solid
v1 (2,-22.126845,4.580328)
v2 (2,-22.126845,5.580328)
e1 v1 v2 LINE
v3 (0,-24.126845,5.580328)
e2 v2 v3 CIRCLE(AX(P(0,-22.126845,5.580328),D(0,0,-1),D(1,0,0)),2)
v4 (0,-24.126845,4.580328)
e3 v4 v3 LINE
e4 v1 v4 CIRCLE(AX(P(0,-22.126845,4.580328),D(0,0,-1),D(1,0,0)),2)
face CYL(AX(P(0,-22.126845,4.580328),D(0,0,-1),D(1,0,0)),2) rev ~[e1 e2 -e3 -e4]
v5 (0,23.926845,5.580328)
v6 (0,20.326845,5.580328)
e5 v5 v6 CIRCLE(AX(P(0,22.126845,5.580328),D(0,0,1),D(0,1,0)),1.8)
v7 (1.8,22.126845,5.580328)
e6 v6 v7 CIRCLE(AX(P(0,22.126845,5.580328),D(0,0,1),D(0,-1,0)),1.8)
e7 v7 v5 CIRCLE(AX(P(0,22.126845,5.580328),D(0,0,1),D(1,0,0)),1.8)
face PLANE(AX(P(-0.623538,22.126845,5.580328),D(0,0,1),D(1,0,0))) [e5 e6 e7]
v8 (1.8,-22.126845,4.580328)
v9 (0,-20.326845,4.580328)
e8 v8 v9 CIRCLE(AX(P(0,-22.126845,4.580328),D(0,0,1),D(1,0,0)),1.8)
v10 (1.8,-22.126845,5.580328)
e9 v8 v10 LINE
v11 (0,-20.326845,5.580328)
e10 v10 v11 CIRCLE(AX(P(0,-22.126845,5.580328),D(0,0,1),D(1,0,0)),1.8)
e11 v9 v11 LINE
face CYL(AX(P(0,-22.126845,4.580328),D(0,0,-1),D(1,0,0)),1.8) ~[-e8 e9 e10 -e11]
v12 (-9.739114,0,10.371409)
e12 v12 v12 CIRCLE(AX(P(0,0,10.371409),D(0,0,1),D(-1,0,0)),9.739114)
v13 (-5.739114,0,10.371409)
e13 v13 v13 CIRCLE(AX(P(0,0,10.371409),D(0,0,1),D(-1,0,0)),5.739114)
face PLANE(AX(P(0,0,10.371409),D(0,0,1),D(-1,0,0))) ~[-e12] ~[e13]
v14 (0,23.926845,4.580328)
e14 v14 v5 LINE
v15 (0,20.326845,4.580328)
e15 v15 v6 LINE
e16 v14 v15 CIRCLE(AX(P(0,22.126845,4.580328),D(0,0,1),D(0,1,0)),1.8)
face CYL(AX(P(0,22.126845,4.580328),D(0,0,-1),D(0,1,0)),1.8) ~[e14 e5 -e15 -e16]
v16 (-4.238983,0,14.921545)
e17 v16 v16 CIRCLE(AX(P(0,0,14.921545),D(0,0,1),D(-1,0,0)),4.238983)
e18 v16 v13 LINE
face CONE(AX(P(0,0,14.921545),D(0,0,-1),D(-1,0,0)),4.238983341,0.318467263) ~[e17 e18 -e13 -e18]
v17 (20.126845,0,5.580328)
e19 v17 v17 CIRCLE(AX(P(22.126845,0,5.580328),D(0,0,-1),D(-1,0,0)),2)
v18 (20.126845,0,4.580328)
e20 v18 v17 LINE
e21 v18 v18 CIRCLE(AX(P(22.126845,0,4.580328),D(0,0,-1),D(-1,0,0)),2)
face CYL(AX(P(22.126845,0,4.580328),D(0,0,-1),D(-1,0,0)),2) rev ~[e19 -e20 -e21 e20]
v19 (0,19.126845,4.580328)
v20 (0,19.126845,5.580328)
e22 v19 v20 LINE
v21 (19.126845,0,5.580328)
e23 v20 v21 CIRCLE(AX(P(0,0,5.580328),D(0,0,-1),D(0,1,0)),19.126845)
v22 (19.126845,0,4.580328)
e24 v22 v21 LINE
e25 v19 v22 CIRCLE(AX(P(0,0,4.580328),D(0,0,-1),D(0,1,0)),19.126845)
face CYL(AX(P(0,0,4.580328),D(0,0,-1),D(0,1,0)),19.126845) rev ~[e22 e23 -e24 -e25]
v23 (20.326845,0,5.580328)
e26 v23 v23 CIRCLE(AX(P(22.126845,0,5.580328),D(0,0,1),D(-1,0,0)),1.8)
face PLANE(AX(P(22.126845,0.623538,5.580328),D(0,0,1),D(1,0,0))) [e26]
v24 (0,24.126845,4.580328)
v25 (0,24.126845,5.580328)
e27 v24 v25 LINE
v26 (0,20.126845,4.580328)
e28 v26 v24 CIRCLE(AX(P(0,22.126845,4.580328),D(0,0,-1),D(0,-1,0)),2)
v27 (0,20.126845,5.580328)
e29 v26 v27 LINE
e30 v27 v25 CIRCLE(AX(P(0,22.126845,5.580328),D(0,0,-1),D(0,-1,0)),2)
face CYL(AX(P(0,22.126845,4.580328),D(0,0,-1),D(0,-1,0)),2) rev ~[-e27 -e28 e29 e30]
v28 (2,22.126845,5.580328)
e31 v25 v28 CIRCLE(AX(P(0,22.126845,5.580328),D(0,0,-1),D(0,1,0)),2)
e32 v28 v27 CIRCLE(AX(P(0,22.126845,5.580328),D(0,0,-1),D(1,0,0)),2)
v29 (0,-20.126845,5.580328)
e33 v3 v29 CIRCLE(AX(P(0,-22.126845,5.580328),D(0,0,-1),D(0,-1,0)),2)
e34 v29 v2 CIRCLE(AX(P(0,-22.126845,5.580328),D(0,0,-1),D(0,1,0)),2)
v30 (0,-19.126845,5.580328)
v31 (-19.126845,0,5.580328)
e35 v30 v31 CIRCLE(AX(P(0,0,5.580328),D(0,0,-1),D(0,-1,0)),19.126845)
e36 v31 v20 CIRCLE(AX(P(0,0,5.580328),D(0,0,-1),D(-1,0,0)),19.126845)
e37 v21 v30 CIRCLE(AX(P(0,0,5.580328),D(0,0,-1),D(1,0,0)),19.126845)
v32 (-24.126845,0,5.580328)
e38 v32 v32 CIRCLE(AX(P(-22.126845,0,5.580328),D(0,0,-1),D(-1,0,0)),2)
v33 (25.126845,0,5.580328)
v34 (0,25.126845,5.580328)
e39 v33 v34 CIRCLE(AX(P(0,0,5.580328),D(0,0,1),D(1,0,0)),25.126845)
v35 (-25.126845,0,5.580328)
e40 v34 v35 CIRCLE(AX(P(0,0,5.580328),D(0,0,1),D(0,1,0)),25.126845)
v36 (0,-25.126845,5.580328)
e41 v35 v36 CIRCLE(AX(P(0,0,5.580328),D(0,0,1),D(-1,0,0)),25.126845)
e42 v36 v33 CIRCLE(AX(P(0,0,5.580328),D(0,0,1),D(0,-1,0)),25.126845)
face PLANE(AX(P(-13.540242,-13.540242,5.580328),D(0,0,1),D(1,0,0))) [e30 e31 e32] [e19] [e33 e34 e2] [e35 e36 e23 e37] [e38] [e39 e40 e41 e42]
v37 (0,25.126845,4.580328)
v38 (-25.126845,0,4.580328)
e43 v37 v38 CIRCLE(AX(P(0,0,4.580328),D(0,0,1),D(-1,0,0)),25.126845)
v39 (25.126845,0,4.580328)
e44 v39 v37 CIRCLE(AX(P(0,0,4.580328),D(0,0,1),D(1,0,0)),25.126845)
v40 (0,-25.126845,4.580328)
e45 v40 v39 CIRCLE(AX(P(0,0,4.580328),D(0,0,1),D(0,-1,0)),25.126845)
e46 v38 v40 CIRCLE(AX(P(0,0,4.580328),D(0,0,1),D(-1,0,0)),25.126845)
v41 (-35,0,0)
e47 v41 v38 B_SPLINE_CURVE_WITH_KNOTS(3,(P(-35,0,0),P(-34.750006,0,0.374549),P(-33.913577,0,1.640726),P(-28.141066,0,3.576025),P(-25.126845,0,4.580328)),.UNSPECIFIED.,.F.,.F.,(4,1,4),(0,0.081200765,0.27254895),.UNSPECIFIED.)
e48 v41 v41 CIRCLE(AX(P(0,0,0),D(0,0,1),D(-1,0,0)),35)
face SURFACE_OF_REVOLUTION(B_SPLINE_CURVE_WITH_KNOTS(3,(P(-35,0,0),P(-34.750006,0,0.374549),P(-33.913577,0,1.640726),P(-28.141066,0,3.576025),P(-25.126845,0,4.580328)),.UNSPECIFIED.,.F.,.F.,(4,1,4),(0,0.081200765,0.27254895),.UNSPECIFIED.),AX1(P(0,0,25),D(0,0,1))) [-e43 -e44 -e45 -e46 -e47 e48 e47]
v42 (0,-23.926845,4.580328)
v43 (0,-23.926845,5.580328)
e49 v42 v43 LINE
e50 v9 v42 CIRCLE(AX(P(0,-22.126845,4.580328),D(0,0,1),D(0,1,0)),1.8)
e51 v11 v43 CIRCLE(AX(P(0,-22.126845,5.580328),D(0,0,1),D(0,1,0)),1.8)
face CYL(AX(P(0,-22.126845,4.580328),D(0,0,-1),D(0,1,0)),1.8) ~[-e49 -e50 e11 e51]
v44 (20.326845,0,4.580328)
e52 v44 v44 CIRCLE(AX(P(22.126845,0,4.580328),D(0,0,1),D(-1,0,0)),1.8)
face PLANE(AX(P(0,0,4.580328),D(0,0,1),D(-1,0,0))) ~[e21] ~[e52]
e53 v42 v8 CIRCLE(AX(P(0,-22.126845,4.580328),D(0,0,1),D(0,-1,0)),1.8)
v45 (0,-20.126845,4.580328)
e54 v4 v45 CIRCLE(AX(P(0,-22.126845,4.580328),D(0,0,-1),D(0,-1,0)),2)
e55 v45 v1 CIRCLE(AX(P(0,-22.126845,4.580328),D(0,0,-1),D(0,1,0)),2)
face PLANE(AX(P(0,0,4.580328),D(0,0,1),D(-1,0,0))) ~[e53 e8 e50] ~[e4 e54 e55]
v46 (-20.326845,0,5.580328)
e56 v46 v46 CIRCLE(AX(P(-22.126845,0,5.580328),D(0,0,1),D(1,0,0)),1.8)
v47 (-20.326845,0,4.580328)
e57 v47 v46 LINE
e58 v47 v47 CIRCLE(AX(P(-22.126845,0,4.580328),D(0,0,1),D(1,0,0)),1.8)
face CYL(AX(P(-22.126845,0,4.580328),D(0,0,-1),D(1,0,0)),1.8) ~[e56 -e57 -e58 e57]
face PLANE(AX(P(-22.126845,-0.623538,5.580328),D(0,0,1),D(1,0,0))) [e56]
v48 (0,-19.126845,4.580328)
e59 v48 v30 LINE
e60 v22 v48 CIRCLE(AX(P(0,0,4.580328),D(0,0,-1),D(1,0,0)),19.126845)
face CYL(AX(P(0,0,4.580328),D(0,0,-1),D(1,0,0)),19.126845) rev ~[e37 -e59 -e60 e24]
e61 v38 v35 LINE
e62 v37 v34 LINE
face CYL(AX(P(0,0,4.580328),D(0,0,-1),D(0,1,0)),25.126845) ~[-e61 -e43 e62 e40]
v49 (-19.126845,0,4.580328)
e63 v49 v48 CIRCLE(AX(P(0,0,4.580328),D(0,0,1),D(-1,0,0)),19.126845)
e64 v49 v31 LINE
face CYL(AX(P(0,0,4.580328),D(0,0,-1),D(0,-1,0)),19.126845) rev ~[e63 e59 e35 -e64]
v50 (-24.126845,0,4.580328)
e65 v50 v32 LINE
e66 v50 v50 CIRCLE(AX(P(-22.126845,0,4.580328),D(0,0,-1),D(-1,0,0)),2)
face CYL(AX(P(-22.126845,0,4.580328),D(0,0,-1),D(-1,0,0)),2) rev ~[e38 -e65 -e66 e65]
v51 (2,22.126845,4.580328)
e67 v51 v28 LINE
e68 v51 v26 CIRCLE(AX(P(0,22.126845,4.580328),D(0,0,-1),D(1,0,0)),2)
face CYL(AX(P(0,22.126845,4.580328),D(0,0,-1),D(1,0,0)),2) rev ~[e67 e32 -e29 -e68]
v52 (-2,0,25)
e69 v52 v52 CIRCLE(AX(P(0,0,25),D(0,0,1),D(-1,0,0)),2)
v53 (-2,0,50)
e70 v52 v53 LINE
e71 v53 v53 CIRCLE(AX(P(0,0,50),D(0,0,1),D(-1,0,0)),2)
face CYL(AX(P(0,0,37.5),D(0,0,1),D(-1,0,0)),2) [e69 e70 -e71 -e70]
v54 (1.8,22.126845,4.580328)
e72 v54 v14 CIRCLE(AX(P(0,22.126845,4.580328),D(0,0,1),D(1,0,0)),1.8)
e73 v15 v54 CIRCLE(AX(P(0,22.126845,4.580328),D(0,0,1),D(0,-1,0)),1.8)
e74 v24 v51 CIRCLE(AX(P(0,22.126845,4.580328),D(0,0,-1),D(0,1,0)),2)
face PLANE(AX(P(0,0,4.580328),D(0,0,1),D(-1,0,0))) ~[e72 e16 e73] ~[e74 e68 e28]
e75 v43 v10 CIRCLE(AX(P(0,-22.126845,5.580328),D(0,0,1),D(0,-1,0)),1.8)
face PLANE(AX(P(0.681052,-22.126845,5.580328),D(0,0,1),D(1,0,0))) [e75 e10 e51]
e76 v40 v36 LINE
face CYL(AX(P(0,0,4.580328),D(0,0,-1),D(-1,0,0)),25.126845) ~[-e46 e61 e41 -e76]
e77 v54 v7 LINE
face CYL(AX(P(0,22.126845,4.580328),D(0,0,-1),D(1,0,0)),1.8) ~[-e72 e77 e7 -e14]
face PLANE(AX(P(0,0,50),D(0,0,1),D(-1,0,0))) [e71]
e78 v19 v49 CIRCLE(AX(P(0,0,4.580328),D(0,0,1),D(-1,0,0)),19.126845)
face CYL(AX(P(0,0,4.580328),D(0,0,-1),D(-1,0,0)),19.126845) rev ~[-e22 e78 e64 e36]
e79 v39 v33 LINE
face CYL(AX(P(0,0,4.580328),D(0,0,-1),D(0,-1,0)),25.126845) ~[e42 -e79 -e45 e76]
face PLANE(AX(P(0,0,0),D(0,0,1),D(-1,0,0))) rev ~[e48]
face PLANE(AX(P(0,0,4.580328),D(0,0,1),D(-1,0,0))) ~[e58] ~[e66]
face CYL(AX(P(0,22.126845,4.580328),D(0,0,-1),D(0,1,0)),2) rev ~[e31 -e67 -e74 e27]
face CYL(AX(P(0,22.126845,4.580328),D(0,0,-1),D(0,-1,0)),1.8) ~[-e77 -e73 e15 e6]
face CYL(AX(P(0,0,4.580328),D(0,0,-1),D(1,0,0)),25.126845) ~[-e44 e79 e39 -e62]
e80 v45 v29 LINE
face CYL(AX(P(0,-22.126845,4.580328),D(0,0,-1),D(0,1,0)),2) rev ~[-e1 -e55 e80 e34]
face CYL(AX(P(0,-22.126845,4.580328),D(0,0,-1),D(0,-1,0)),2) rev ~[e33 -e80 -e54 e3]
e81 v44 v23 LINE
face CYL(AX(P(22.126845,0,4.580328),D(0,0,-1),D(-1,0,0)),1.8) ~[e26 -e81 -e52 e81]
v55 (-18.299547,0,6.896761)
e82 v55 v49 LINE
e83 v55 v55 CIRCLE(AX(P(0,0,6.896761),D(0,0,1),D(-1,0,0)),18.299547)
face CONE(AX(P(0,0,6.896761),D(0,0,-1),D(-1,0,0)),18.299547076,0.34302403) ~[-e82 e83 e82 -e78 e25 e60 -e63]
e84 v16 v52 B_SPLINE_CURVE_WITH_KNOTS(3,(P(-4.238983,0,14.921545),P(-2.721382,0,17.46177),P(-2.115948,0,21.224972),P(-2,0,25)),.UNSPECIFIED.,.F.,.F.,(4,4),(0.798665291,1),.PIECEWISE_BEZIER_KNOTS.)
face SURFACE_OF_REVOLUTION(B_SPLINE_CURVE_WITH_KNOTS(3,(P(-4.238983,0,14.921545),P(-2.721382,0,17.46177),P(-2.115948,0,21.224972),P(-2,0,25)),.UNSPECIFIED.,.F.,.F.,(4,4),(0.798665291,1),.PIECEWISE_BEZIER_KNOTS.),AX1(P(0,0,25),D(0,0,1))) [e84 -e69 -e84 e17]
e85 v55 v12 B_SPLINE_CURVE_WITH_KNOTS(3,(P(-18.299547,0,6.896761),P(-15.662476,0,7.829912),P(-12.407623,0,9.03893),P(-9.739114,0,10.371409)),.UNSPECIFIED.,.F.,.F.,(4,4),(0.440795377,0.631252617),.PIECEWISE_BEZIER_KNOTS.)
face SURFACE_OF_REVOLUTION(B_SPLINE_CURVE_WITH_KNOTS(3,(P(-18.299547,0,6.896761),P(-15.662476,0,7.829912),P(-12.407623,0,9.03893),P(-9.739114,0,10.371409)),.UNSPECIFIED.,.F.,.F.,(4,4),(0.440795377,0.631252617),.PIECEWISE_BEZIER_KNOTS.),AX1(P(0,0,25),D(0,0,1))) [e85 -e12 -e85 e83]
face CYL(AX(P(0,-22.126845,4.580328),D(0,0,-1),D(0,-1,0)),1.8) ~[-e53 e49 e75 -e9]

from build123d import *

# Parameters (mm, degrees)
F0_W     = 2
F0_H     = 25
F3_DEPTH = 1


with BuildPart() as f1:
    # F0 (on Front) → F1 (revolve)
    with BuildSketch(Plane.XZ):
        with Locations((-1, 37.5)):
            Rectangle(F0_W, F0_H)
        with BuildLine():
            Line((-35, 0), (0, 0))
            Line((0, 0), (0, 10.5737017095))
            Line((0, 10.5737017095), (0, 25))
            Line((0, 25), (-2, 25))
            add(Edge.make_bspline(
                [(-4.2389833406, 14.921545051), (-2.7213822888, 17.4617699874), (-2.1159480248, 21.2249717388), (-2, 25)],
                knots=[0.7986652912, 0.7986652912, 0.7986652912, 0.7986652912, 1, 1, 1, 1], degree=3))
            Line((-4.2389833406, 14.921545051), (-5.7391139716, 10.3714093566))
            Line((-5.7391139716, 10.3714093566), (-9.7391139716, 10.3714093566))
            add(Edge.make_bspline(
                [(-18.2995470762, 6.8967607804), (-15.6624755287, 7.8299118078), (-12.4076232251, 9.0389296488), (-9.7391139716, 10.3714093566)],
                knots=[0.4407953766, 0.4407953766, 0.4407953766, 0.4407953766, 0.631252617, 0.631252617, 0.631252617, 0.631252617], degree=3))
            Line((-18.2995470762, 6.8967607804), (-19.1268446445, 4.580328241))
            Line((-19.1268446445, 4.580328241), (-25.1268446445, 4.580328241))
            add(Edge.make_bspline(
                [(-35, 0), (-34.7500057807, 0.3745488164), (-33.9135771271, 1.6407259634), (-28.1410659842, 3.5760253325), (-25.1268446445, 4.580328241)],
                knots=[0, 0, 0, 0, 0.0812007646, 0.2725489504, 0.2725489504, 0.2725489504, 0.2725489504], degree=3))
        make_face()
    revolve(axis=Axis((0, 0, 25), (0, 0, 1)))

    # F2 (on face) → F3 (join)
    with BuildSketch(Plane.XY.offset(4.580328241)):
        with BuildLine():
            Line((0, -20.1268446445), (0, -19.1268446445))
            ThreePointArc((0, -19.1268446445), (-13.5247215509, -13.5247215509), (-19.1268446445, 0))
            Line((-19.1268446445, 0), (-20.1268446445, 0))
            ThreePointArc((-20.1268446445, 0), (-22.1268446445, -2), (-24.1268446445, 0))
            Line((-24.1268446445, 0), (-25.1268446445, 0))
            ThreePointArc((-25.1268446445, 0), (-17.767362238, -17.767362238), (0, -25.1268446445))
            Line((0, -25.1268446445), (0, -24.1268446445))
            ThreePointArc((0, -24.1268446445), (-2, -22.1268446445), (0, -20.1268446445))
        make_face()
        with BuildLine():
            ThreePointArc((19.1268446445, 0), (13.5247215509, -13.5247215509), (0, -19.1268446445))
            Line((0, -19.1268446445), (0, -20.1268446445))
            ThreePointArc((0, -20.1268446445), (1.4142135624, -20.7126310822), (2, -22.1268446445))
            ThreePointArc((2, -22.1268446445), (1.4142135624, -23.5410582069), (0, -24.1268446445))
            Line((0, -24.1268446445), (0, -25.1268446445))
            ThreePointArc((0, -25.1268446445), (17.767362238, -17.767362238), (25.1268446445, 0))
            Line((25.1268446445, 0), (24.1268446445, 0))
            ThreePointArc((24.1268446445, 0), (22.1268446445, -2), (20.1268446445, 0))
            Line((20.1268446445, 0), (19.1268446445, 0))
        make_face()
        with BuildLine():
            ThreePointArc((0, 19.1268446445), (13.5247215509, 13.5247215509), (19.1268446445, 0))
            Line((19.1268446445, 0), (20.1268446445, 0))
            ThreePointArc((20.1268446445, 0), (22.1268446445, 2), (24.1268446445, 0))
            Line((24.1268446445, 0), (25.1268446445, 0))
            ThreePointArc((25.1268446445, 0), (17.767362238, 17.767362238), (0, 25.1268446445))
            Line((0, 25.1268446445), (0, 24.1268446445))
            ThreePointArc((0, 24.1268446445), (1.4142135624, 23.5410582069), (2, 22.1268446445))
            ThreePointArc((2, 22.1268446445), (1.4142135624, 20.7126310822), (0, 20.1268446445))
            Line((0, 20.1268446445), (0, 19.1268446445))
        make_face()
        with BuildLine():
            Line((-20.1268446445, 0), (-19.1268446445, 0))
            ThreePointArc((-19.1268446445, 0), (-13.5247215509, 13.5247215509), (0, 19.1268446445))
            Line((0, 19.1268446445), (0, 20.1268446445))
            ThreePointArc((0, 20.1268446445), (-2, 22.1268446445), (0, 24.1268446445))
            Line((0, 24.1268446445), (0, 25.1268446445))
            ThreePointArc((0, 25.1268446445), (-17.767362238, 17.767362238), (-25.1268446445, 0))
            Line((-25.1268446445, 0), (-24.1268446445, 0))
            ThreePointArc((-24.1268446445, 0), (-22.1268446445, 2), (-20.1268446445, 0))
        make_face()
        with BuildLine():
            ThreePointArc((1.8, -22.1268446445), (1.2727922061, -20.8540524384), (0, -20.3268446445))
            Line((0, -20.3268446445), (0, -23.9268446445))
            ThreePointArc((0, -23.9268446445), (1.2727922061, -23.3996368507), (1.8, -22.1268446445))
        make_face()
        with BuildLine():
            Line((0, -23.9268446445), (0, -20.3268446445))
            ThreePointArc((0, -20.3268446445), (-1.8, -22.1268446445), (0, -23.9268446445))
        make_face()
        with BuildLine():
            ThreePointArc((-23.9268446445, 0), (-22.1268446445, -1.8), (-20.3268446445, 0))
            Line((-20.3268446445, 0), (-23.9268446445, 0))
        make_face()
        with BuildLine():
            Line((-23.9268446445, 0), (-20.3268446445, 0))
            ThreePointArc((-20.3268446445, 0), (-22.1268446445, 1.8), (-23.9268446445, 0))
        make_face()
        with BuildLine():
            ThreePointArc((23.9268446445, 0), (22.1268446445, 1.8), (20.3268446445, 0))
            Line((20.3268446445, 0), (23.9268446445, 0))
        make_face()
        with BuildLine():
            Line((23.9268446445, 0), (20.3268446445, 0))
            ThreePointArc((20.3268446445, 0), (22.1268446445, -1.8), (23.9268446445, 0))
        make_face()
        with BuildLine():
            ThreePointArc((0, 23.9268446445), (-1.8, 22.1268446445), (0, 20.3268446445))
            Line((0, 20.3268446445), (0, 23.9268446445))
        make_face()
        with BuildLine():
            Line((0, 23.9268446445), (0, 20.3268446445))
            ThreePointArc((0, 20.3268446445), (1.2727922061, 20.8540524384), (1.8, 22.1268446445))
            ThreePointArc((1.8, 22.1268446445), (1.2727922061, 23.3996368507), (0, 23.9268446445))
        make_face()
    extrude(amount=F3_DEPTH)


solid = f1.part
